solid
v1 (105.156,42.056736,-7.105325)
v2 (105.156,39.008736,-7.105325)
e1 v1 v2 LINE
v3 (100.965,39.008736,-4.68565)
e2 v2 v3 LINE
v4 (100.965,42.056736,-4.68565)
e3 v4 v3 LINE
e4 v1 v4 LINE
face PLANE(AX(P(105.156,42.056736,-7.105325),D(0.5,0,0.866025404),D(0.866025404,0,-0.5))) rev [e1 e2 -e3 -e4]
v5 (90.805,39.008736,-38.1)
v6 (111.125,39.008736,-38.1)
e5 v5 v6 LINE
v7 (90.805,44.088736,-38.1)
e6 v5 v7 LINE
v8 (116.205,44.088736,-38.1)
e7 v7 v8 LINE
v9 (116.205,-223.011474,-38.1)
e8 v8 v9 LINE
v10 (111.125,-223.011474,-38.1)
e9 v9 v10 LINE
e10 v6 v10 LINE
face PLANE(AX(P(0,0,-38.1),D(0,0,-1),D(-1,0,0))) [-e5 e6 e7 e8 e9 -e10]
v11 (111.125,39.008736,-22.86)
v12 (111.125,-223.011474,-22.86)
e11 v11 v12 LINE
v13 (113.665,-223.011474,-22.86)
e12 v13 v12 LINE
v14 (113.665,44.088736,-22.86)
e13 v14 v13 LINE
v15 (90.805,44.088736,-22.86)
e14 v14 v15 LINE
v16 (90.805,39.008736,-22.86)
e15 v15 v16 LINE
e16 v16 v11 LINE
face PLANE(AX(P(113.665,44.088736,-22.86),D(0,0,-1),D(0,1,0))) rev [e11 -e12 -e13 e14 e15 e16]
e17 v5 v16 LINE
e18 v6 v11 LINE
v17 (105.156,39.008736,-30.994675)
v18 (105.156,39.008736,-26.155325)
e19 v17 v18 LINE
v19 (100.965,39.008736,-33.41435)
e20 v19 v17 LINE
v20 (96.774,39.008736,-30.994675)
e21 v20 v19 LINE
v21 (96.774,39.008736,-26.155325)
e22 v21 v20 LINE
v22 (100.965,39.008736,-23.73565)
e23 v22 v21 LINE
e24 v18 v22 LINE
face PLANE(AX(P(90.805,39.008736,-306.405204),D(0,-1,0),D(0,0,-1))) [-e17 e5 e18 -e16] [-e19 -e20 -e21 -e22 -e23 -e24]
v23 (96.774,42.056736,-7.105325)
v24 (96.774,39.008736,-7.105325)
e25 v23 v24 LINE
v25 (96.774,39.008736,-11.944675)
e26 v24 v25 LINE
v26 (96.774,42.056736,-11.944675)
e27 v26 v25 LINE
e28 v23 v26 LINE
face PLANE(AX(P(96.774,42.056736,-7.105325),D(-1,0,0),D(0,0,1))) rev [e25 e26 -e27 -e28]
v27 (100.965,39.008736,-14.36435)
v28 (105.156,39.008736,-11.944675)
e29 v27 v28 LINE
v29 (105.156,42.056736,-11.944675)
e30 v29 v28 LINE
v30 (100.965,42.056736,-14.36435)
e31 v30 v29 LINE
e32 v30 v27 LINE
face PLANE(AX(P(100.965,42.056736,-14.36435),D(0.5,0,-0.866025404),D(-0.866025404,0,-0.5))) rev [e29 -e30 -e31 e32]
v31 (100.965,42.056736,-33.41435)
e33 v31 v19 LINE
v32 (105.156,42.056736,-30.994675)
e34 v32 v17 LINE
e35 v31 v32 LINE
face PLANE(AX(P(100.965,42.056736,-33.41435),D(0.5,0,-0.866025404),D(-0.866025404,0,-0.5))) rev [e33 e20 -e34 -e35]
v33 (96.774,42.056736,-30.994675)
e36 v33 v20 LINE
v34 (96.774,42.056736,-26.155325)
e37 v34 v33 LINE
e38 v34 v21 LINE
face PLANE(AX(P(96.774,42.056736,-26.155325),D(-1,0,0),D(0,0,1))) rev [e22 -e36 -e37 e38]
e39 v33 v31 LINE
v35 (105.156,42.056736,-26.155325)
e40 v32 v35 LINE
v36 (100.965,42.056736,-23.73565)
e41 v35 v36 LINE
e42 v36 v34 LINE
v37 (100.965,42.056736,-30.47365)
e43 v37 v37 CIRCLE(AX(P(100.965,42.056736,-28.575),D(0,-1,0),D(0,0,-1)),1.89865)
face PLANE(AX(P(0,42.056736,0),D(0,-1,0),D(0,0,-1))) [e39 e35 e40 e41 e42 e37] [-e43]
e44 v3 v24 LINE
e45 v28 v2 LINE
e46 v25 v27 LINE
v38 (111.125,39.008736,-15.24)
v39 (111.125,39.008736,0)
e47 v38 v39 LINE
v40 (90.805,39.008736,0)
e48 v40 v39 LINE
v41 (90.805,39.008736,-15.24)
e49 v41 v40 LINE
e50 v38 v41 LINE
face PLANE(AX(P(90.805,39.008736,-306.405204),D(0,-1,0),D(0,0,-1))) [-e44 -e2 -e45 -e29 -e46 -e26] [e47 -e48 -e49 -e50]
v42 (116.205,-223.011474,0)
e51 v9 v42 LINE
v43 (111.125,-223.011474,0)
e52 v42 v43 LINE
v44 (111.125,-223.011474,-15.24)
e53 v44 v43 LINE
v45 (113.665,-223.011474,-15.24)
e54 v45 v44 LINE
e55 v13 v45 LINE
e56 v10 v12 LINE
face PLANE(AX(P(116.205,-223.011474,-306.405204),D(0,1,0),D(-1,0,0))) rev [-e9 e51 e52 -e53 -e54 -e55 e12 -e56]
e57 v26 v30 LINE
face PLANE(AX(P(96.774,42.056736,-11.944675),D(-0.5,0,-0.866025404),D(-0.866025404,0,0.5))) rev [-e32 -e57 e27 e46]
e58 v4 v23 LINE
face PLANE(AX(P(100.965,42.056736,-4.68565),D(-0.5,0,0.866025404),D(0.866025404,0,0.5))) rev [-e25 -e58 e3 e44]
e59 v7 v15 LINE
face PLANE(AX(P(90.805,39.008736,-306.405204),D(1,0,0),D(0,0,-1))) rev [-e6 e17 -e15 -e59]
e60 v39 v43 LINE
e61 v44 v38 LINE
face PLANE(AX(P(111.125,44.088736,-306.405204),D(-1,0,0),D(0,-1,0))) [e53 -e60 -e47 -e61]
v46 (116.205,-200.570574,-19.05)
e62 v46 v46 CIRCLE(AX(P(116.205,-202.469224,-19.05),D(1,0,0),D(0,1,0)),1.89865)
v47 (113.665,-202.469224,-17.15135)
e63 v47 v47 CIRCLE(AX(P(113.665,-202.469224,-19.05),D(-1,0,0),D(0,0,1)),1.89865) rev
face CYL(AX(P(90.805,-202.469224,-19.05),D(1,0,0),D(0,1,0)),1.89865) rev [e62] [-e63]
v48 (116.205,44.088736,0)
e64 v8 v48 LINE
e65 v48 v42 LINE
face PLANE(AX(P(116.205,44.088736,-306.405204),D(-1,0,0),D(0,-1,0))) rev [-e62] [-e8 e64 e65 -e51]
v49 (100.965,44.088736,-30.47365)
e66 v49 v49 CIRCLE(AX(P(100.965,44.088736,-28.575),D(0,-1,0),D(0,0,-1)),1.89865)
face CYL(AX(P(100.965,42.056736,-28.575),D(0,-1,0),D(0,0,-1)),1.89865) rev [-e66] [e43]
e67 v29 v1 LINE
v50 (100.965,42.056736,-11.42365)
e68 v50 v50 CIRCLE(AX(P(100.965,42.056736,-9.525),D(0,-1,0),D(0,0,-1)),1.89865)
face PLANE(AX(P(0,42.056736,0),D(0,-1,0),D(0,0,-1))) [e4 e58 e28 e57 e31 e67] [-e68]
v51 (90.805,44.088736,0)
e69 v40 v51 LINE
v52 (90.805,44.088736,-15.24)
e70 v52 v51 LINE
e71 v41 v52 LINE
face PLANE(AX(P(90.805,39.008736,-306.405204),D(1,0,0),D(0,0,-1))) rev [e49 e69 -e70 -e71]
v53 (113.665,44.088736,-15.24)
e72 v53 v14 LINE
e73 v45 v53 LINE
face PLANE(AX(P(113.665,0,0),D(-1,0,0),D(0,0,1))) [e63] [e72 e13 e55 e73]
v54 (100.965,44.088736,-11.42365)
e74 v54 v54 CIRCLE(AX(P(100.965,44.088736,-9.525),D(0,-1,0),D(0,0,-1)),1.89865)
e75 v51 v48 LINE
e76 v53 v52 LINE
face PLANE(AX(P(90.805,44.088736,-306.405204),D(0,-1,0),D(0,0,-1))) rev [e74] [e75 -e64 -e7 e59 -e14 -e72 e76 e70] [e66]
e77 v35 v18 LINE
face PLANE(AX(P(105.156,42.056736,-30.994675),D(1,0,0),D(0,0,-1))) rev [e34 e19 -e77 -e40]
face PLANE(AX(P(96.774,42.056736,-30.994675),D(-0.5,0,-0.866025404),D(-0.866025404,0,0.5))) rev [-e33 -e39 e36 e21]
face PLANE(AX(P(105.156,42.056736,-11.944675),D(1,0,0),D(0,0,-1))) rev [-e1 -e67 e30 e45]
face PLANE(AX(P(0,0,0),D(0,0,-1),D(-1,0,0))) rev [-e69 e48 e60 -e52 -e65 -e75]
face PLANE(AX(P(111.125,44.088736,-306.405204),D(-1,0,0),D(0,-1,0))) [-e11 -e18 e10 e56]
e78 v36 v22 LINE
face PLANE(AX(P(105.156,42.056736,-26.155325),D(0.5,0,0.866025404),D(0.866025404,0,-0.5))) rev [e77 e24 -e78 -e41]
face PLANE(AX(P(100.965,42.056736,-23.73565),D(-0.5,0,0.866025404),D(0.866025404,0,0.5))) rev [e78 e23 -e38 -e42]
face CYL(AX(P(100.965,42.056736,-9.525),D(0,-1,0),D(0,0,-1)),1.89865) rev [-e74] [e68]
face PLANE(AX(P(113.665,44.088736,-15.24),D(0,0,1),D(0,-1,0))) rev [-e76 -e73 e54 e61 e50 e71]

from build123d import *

# Parameters (mm, degrees)
EXTRU_MINCE1_DEPTH      = 38.1
ESQUISSE2_R             = 1.89865
ENL_V_MAT_EXTRU_1_DEPTH = 228.663979486
ENL_V_MAT_EXTRU_2_DEPTH = 3.048
D_GAGEMENT_61_D         = 3.7973
ESQUISSE6_W             = 7.62
ESQUISSE6_H             = 267.100210441
ENL_V_MAT_EXTRU_3_DEPTH = 22.86


with BuildPart() as part:
    # Esquisse1 → Extru.-Mince1 (new body)
    with BuildSketch(Plane.XY):
        Polygon((90.805, 44.088736397), (116.205, 44.088736397), (116.205, -223.011474044), (111.125, -223.011474044), (111.125, 39.008736397), (90.805, 39.008736397), align=None)
    extrude(amount=-EXTRU_MINCE1_DEPTH)

    # Esquisse2 → Enlèv. mat.-Extru.1 (cut, through all)
    with BuildSketch(Plane(origin=(116.205, 0, 0), x_dir=(0, 0, -1), z_dir=(1, 0, 0))):
        with Locations(Location((19.05, -202.469224044, 0), (0, 0, 90))):
            Circle(ESQUISSE2_R)
    extrude(amount=-ENL_V_MAT_EXTRU_1_DEPTH, mode=Mode.SUBTRACT)

    # Esquisse3 → Enlèv. mat.-Extru.2 (cut)
    with BuildSketch(Plane.XZ.offset(-39.008736397)):
        Polygon((100.965, -23.735650044), (96.774, -26.155325022), (96.774, -30.994674978), (100.965, -33.414349956), (105.156, -30.994674978), (105.156, -26.155325022), align=None)
        Polygon((100.965, -4.685650044), (96.774, -7.105325022), (96.774, -11.944674978), (100.965, -14.364349956), (105.156, -11.944674978), (105.156, -7.105325022), align=None)
    extrude(amount=-ENL_V_MAT_EXTRU_2_DEPTH, mode=Mode.SUBTRACT)

    # Dégagement #61 (through all)
    with Locations(Plane(origin=(0, 42.056736397, 0), x_dir=(-1, 0, 0), z_dir=(0, -1, 0))):
        with Locations((-100.965, 28.575), (-100.965, 9.525)):
            Hole(D_GAGEMENT_61_D / 2)

    # Esquisse6 → Enlèv. mat.-Extru.3 (cut)
    with BuildSketch(Plane.ZY.offset(-90.805)):
        with Locations((-19.05, -89.461368824)):
            Rectangle(ESQUISSE6_W, ESQUISSE6_H)
    extrude(amount=-ENL_V_MAT_EXTRU_3_DEPTH, mode=Mode.SUBTRACT)


solid = part.part
